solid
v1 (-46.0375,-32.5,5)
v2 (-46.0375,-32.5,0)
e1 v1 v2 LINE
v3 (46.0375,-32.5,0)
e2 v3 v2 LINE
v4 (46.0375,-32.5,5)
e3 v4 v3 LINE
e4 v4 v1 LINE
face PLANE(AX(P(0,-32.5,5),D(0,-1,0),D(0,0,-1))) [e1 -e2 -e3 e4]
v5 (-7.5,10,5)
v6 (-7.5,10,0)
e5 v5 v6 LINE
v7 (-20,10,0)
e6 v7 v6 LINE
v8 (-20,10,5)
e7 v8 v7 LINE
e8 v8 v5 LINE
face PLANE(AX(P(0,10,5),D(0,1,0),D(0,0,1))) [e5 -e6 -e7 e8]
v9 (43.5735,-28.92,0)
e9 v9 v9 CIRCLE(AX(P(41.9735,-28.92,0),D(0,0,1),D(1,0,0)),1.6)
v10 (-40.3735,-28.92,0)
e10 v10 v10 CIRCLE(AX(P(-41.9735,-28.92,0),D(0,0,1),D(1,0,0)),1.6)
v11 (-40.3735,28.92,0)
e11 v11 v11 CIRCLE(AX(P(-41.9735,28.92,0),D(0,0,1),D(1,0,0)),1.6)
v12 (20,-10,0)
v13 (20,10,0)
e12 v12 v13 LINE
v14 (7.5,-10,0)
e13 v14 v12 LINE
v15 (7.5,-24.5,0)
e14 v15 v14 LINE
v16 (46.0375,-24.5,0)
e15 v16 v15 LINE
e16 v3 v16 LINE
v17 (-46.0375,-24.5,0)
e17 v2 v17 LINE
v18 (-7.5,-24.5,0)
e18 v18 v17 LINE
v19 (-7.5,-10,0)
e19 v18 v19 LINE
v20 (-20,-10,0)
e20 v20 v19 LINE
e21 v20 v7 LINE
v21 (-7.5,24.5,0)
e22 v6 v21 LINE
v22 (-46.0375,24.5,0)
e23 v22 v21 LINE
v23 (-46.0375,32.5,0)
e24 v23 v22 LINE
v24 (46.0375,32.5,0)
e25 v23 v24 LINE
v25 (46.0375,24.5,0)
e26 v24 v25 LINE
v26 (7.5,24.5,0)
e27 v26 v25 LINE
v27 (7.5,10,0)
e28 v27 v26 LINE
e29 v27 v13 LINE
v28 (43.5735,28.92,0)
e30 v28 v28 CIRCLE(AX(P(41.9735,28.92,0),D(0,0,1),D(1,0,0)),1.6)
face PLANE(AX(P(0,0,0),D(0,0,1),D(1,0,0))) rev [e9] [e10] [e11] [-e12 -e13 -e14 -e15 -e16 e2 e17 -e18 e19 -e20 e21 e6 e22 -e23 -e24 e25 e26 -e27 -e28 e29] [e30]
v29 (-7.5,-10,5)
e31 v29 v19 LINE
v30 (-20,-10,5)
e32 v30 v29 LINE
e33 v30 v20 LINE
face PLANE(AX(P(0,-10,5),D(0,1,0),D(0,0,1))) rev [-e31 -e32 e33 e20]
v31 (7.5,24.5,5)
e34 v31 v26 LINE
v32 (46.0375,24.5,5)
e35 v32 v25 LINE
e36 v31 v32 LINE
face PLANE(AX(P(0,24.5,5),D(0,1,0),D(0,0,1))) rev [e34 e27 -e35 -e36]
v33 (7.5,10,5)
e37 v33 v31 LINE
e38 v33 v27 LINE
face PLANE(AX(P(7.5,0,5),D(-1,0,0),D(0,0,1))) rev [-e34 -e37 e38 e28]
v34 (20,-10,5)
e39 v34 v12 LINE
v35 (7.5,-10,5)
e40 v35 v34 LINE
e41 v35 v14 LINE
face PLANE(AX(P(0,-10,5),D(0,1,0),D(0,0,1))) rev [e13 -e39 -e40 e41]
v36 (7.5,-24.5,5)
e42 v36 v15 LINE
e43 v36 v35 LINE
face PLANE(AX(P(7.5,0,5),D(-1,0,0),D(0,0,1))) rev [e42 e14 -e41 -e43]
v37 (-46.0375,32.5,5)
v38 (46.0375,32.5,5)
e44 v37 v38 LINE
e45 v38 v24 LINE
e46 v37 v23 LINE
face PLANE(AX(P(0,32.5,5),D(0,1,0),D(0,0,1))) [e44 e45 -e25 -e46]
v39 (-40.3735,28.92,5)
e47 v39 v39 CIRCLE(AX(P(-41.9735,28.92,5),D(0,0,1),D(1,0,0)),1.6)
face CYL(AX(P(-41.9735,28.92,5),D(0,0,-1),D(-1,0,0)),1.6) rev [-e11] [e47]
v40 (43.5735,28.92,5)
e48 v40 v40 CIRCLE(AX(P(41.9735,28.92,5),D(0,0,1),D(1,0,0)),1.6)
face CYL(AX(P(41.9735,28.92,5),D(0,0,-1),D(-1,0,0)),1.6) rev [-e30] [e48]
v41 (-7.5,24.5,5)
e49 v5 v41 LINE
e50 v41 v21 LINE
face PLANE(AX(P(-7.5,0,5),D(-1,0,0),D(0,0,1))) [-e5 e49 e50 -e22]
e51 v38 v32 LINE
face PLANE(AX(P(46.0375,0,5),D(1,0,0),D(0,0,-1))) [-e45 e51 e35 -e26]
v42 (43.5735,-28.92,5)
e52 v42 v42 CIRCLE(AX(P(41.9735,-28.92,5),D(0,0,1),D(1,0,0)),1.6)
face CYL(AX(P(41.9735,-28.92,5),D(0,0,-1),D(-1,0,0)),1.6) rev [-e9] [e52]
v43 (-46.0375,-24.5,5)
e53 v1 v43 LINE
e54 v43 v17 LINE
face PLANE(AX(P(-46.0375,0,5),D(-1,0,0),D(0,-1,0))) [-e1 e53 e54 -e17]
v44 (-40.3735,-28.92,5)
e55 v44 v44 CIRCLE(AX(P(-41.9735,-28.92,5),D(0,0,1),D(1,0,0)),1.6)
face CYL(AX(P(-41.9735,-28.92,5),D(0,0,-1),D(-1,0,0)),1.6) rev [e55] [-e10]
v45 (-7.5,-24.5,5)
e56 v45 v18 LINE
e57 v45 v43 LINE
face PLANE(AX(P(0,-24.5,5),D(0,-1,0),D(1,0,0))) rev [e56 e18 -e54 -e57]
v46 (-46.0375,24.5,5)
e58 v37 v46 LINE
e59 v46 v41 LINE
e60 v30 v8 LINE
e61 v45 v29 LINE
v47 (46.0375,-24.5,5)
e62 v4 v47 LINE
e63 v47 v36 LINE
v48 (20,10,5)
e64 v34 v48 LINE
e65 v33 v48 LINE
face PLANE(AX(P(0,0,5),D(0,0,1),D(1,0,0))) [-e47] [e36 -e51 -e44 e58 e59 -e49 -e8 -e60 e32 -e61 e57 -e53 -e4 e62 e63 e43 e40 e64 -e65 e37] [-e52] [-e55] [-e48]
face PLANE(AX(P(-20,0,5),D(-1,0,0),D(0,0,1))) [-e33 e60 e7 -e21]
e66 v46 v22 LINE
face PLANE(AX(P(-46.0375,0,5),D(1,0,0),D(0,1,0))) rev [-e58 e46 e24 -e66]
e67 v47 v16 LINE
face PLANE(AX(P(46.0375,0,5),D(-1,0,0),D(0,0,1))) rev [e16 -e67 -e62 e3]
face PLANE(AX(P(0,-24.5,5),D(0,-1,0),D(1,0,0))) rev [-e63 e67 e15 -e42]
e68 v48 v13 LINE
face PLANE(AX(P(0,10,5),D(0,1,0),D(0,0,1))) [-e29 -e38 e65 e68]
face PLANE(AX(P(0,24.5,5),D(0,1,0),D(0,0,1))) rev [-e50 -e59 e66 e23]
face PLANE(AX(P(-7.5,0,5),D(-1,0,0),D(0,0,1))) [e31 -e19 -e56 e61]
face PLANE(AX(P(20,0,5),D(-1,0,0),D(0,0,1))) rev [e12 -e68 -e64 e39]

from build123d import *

# Parameters (mm, degrees)
SKETCH_1_W      = 92.075
SKETCH_1_H      = 8
SKETCH_1_R      = 1.6
SKETCH_1_W_2    = 12.5
SKETCH_1_H_2    = 20
SKETCH_1_W_3    = 15
SKETCH_1_H_3    = 14.5
EXTRUDE_1_DEPTH = 5


with BuildPart() as part:
    # 草图1 → 凸台-拉伸1 (new body)
    # profile 1 of 7: a face of its own
    with BuildSketch(Plane.XY):
        with Locations((0, 28.5)):
            Rectangle(SKETCH_1_W, SKETCH_1_H)
        with Locations((41.9735, 28.92)):
            Circle(SKETCH_1_R, mode=Mode.SUBTRACT)
        with Locations((-41.9735, 28.92)):
            Circle(SKETCH_1_R, mode=Mode.SUBTRACT)
    # profile 2 of 7: a face of its own
    with BuildSketch(Plane.XY):
        with Locations((13.75, 0)):
            Rectangle(SKETCH_1_W_2, SKETCH_1_H_2)
    # profile 3 of 7: a face of its own
    with BuildSketch(Plane.XY):
        Rectangle(SKETCH_1_W_3, SKETCH_1_H_2)
    # profile 4 of 7: a face of its own
    with BuildSketch(Plane.XY):
        with Locations((-13.75, 0)):
            Rectangle(SKETCH_1_W_2, SKETCH_1_H_2)
    # profile 5 of 7: a face of its own
    with BuildSketch(Plane.XY):
        with Locations((0, 17.25)):
            Rectangle(SKETCH_1_W_3, SKETCH_1_H_3)
    # profile 6 of 7: a face of its own
    with BuildSketch(Plane.XY):
        with Locations((0, -28.5)):
            Rectangle(SKETCH_1_W, SKETCH_1_H)
        with Locations((-41.9735, -28.92)):
            Circle(SKETCH_1_R, mode=Mode.SUBTRACT)
        with Locations((41.9735, -28.92)):
            Circle(SKETCH_1_R, mode=Mode.SUBTRACT)
    # profile 7 of 7: a face of its own
    with BuildSketch(Plane.XY):
        with Locations((0, -17.25)):
            Rectangle(SKETCH_1_W_3, SKETCH_1_H_3)
    extrude(amount=EXTRUDE_1_DEPTH)


solid = part.part
